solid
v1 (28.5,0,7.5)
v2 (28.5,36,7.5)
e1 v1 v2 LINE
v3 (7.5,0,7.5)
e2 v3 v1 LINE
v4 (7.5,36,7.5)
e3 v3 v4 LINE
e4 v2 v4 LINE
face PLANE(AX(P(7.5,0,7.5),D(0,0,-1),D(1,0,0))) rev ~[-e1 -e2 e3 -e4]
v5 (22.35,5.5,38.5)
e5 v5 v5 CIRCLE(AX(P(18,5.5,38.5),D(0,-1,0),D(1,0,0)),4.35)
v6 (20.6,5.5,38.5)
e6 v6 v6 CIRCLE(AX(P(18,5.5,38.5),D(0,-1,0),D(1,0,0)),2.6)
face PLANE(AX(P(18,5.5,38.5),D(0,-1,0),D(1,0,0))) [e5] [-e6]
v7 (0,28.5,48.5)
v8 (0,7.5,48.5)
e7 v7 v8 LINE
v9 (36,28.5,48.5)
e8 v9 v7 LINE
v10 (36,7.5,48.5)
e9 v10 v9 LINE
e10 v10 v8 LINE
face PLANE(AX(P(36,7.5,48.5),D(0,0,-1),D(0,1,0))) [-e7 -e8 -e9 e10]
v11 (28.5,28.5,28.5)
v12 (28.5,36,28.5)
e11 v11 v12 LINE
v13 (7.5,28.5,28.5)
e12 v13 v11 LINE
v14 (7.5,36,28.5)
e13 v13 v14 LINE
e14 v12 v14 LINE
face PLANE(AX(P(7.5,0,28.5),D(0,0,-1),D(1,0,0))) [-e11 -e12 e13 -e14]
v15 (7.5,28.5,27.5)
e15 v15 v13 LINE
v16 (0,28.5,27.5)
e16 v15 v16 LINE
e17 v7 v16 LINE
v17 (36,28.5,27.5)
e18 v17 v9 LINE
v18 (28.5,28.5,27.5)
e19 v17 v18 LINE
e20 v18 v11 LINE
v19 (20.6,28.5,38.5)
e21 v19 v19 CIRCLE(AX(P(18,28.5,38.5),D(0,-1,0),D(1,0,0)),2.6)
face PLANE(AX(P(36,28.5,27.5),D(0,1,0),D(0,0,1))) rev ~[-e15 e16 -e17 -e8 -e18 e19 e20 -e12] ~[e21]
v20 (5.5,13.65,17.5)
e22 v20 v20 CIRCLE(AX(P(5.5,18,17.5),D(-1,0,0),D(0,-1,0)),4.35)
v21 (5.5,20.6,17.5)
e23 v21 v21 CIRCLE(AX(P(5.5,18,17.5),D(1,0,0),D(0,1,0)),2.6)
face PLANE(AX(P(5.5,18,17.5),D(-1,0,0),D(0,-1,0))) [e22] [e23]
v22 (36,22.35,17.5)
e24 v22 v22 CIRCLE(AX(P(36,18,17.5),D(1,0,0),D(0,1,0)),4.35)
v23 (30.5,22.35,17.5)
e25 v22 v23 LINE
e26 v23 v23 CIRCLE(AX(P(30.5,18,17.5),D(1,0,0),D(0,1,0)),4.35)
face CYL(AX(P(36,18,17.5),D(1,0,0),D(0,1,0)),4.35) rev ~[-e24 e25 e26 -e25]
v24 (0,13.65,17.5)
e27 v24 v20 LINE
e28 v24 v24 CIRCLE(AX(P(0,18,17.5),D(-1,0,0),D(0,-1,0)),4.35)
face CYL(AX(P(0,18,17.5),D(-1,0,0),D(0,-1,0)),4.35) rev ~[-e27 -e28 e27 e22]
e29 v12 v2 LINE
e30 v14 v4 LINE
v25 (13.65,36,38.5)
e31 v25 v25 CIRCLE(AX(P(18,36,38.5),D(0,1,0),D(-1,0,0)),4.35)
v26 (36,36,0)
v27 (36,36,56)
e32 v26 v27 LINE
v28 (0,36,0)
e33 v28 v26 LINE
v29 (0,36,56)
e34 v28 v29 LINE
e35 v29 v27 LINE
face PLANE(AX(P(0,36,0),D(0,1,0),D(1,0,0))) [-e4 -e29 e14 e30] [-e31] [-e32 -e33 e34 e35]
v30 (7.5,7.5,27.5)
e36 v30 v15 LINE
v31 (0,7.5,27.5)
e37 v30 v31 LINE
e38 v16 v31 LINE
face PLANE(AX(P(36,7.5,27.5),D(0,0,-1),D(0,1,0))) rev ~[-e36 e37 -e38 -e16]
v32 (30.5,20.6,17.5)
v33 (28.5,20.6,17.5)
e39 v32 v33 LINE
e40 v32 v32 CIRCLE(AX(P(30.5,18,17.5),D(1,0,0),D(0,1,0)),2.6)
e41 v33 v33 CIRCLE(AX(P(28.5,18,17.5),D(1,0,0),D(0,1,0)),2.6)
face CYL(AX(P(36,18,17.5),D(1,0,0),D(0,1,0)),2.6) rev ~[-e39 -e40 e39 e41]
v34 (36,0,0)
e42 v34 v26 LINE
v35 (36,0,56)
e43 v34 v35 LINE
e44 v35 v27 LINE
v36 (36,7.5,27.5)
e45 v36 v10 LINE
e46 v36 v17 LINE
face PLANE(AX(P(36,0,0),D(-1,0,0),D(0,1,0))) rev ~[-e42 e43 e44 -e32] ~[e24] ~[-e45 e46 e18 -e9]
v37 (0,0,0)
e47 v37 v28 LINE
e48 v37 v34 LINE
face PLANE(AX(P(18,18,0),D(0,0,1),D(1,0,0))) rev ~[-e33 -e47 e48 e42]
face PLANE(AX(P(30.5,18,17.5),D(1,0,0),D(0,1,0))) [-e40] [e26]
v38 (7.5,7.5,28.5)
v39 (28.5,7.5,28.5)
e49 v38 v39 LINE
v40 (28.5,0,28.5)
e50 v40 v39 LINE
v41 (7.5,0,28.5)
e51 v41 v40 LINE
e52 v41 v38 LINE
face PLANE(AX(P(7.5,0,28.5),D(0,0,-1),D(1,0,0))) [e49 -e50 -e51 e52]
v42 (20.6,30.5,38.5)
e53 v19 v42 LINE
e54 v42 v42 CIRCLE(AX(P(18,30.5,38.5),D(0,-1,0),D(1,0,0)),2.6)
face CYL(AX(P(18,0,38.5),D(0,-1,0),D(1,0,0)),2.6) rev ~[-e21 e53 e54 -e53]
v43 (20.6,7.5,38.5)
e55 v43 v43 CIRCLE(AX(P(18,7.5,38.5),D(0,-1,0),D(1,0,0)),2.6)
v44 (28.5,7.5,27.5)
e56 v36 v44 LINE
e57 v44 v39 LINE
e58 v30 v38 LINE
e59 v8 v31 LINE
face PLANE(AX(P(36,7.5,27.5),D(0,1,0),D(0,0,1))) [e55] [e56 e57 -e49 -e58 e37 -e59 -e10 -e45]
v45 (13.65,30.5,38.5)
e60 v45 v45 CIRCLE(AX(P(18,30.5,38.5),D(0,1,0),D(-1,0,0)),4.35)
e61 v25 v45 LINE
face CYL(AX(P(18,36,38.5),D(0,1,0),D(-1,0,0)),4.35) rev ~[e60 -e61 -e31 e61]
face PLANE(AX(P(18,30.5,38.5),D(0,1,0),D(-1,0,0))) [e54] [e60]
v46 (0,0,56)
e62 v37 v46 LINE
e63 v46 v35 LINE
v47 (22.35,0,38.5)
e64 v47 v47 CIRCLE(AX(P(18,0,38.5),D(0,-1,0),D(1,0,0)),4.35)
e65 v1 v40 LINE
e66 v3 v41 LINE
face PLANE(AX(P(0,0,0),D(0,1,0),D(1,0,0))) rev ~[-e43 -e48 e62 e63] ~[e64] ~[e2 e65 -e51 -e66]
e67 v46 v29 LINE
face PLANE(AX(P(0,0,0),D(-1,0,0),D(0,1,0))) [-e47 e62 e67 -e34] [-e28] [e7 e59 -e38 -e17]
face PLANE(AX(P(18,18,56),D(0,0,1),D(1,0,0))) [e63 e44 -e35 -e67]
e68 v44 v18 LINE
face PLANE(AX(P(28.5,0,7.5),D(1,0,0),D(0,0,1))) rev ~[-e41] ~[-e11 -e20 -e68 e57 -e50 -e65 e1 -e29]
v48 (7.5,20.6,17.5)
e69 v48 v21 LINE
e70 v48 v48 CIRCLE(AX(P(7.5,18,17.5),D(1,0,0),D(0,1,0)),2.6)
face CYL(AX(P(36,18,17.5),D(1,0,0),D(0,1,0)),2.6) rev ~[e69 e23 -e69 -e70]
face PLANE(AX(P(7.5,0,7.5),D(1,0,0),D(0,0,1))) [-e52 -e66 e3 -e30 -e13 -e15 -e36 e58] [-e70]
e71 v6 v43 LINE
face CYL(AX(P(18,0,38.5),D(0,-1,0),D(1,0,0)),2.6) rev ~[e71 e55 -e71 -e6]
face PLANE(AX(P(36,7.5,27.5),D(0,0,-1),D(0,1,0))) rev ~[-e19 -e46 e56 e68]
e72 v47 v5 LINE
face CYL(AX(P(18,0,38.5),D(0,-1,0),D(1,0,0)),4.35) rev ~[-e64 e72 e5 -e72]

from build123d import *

# Parameters (mm, degrees)
F0_W      = 36
F0_H      = 36
F1_DEPTH  = 56
F2_W      = 21
F2_H      = 21
F2_R      = 2.6
F3_DEPTH  = 50
F4_W      = 21
F4_H      = 21
F4_R      = 2.6
F5_DEPTH  = 50
F6_R      = 4.35
F7_DEPTH  = 5.5
F8_R      = 4.35
F9_DEPTH  = 5.5
F10_R     = 4.35
F11_DEPTH = 5.5
F12_R     = 4.35
F13_DEPTH = 5.5


with BuildPart() as f1:
    # F0 (on Top) → F1 (new body)
    with BuildSketch(Plane.XY):
        with Locations((18, 18)):
            Rectangle(F0_W, F0_H)
    extrude(amount=F1_DEPTH)

    # F2 (on face) → F3 (cut)
    with BuildSketch(Plane.XZ):
        with Locations((18, 18)):
            Rectangle(F2_W, F2_H)
        with Locations((18, 38.5)):
            Circle(F2_R)
    extrude(amount=-F3_DEPTH, mode=Mode.SUBTRACT)

    # F4 (on face) → F5 (cut)
    with BuildSketch(Plane.YZ.offset(36)):
        with Locations((18, 38)):
            Rectangle(F4_W, F4_H)
        with Locations((18, 17.5)):
            Circle(F4_R)
    extrude(amount=-F5_DEPTH, mode=Mode.SUBTRACT)

    # F6 (on face) → F7 (cut)
    with BuildSketch(Plane.YZ.offset(36)):
        with Locations((18, 17.5)):
            Circle(F6_R)
    extrude(amount=-F7_DEPTH, mode=Mode.SUBTRACT)

    # F8 (on face) → F9 (cut)
    with BuildSketch(Plane(origin=(0, 0, 0), x_dir=(0, -1, 0), z_dir=(-1, 0, 0))):
        with Locations((-18, 17.5)):
            Circle(F8_R)
    extrude(amount=-F9_DEPTH, mode=Mode.SUBTRACT)

    # F10 (on face) → F11 (cut)
    with BuildSketch(Plane(origin=(0, 36, 0), x_dir=(-1, 0, 0), z_dir=(0, 1, 0))):
        with Locations((-18, 38.5)):
            Circle(F10_R)
    extrude(amount=-F11_DEPTH, mode=Mode.SUBTRACT)

    # F12 (on face) → F13 (cut)
    with BuildSketch(Plane.XZ):
        with Locations((18, 38.5)):
            Circle(F12_R)
    extrude(amount=-F13_DEPTH, mode=Mode.SUBTRACT)


solid = f1.part
